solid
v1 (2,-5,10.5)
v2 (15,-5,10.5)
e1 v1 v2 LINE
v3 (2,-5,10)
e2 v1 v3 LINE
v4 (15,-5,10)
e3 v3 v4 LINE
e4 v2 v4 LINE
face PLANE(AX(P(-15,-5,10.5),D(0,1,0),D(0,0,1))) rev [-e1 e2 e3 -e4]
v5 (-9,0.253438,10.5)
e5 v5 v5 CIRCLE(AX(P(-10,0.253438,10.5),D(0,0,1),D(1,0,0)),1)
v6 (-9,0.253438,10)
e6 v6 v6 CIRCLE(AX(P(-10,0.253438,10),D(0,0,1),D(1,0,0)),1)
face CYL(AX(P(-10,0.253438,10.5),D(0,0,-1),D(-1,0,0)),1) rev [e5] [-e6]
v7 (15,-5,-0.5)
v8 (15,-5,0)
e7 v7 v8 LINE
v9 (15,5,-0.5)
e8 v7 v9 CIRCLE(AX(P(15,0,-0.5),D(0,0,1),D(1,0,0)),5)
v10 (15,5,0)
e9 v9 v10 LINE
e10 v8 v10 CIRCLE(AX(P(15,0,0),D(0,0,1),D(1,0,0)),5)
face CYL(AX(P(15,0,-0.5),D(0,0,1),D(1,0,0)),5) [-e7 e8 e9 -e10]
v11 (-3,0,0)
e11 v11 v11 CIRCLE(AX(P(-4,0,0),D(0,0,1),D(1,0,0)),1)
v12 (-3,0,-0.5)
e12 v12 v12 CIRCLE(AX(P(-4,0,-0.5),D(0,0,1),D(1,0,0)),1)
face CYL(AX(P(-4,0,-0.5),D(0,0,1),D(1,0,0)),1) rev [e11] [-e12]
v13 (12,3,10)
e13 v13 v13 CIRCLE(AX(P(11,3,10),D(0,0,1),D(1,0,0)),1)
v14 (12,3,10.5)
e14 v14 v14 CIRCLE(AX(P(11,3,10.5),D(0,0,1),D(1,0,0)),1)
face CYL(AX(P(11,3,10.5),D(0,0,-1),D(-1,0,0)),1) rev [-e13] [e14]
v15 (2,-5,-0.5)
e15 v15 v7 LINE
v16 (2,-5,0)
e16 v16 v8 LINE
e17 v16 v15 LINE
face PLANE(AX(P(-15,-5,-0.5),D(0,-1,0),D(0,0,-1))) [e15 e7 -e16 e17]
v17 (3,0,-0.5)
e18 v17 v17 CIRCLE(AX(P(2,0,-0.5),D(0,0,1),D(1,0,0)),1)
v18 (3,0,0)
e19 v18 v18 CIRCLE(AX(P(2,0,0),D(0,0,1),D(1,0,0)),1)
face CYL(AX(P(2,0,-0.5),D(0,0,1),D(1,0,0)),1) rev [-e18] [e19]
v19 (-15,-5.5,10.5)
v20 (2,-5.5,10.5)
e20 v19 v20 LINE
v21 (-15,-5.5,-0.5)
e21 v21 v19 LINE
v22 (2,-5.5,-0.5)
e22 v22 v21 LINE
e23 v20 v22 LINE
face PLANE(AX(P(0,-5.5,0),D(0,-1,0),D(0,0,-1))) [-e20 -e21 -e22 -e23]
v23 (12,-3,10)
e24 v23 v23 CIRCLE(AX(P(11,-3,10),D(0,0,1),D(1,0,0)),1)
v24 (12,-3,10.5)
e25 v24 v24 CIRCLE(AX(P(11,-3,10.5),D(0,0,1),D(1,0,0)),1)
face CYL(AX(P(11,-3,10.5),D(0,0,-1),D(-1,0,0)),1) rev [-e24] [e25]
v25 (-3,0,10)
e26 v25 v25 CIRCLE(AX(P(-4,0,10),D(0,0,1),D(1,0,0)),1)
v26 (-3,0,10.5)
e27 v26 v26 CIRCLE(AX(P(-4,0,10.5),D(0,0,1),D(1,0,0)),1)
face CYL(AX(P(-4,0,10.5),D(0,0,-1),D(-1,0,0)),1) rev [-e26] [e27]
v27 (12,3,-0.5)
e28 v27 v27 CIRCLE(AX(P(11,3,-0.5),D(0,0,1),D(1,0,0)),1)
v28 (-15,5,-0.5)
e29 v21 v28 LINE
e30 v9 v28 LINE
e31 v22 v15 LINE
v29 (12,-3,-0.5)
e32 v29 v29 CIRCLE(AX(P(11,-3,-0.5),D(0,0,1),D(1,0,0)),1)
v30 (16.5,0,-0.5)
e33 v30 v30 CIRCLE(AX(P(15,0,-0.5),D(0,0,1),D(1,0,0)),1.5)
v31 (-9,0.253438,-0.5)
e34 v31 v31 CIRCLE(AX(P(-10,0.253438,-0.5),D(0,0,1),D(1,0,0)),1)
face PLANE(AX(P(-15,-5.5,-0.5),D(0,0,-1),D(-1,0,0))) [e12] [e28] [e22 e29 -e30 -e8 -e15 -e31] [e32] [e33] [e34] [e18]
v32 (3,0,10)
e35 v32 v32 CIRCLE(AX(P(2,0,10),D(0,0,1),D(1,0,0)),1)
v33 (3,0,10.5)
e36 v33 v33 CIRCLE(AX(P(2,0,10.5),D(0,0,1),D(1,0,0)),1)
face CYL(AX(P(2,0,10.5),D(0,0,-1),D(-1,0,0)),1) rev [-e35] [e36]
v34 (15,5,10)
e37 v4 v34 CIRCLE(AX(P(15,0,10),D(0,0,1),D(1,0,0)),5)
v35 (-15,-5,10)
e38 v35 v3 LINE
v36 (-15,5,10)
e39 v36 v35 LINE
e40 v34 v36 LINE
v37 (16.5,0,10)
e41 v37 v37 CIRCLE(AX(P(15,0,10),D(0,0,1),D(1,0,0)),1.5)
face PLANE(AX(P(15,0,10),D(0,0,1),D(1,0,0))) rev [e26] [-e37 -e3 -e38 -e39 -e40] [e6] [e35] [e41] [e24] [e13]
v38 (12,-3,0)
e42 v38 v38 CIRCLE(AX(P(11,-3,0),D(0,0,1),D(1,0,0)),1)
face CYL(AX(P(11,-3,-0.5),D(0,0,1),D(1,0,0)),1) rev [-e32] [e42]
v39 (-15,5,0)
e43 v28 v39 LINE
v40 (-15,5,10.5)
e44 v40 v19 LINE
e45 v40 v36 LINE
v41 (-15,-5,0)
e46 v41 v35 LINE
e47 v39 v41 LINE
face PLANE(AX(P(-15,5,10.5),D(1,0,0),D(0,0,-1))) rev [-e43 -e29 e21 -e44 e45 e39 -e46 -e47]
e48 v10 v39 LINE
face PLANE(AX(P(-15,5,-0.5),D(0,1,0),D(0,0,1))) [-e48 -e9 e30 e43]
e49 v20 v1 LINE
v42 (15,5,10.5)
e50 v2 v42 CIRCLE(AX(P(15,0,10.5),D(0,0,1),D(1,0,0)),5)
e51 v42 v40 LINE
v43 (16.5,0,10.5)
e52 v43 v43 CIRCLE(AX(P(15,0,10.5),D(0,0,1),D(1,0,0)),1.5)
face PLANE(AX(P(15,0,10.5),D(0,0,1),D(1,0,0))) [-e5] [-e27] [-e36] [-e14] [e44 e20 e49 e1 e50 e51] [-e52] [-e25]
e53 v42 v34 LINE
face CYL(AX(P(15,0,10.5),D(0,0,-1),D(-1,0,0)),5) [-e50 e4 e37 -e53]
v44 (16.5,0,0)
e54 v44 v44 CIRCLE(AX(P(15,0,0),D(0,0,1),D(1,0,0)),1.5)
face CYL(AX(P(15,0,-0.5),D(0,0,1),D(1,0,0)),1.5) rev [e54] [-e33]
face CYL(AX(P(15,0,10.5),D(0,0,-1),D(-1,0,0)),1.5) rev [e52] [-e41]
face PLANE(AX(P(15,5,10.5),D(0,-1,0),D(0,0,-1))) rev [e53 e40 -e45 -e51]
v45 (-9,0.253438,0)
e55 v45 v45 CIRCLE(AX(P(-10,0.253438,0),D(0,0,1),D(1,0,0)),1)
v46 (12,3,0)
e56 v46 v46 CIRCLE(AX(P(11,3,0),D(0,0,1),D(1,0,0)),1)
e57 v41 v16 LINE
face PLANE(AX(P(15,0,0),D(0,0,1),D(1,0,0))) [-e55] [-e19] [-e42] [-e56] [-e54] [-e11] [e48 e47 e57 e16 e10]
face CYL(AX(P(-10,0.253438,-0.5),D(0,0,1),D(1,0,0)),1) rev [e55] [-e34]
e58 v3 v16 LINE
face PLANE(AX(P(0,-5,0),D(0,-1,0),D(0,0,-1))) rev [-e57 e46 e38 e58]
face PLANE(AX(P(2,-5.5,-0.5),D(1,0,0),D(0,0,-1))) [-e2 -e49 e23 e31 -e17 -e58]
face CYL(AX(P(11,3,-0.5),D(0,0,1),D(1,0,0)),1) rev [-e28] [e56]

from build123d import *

# Parameters (mm, degrees)
SKETCH_2_R      = 1.5
SKETCH_2_R_2    = 1
EXTRUDE_1_DEPTH = 0.5
SKETCH_1_R      = 1.5
SKETCH_1_R_2    = 1
EXTRUDE_2_DEPTH = 0.5
SKETCH_4_W      = 17
SKETCH_4_H      = 11
EXTRUDE_4_DEPTH = 0.5


with BuildPart() as part:
    # 草图2 → 凸台-拉伸1 (new body)
    with BuildSketch(Plane.XY.offset(10)):
        with BuildLine():
            Line((15, 5), (-15, 5))
            Line((-15, 5), (-15, -5))
            Line((-15, -5), (15, -5))
            ThreePointArc((15, -5), (20, 0), (15, 5))
        make_face()
        with Locations((15, 0)):
            Circle(SKETCH_2_R, mode=Mode.SUBTRACT)
        with Locations((11, -3)):
            Circle(SKETCH_2_R_2, mode=Mode.SUBTRACT)
        with Locations((11, 3)):
            Circle(SKETCH_2_R_2, mode=Mode.SUBTRACT)
        with Locations((2, 0)):
            Circle(SKETCH_2_R_2, mode=Mode.SUBTRACT)
        with Locations((-4, 0)):
            Circle(SKETCH_2_R_2, mode=Mode.SUBTRACT)
        with Locations((-10, 0.253438211)):
            Circle(SKETCH_2_R_2, mode=Mode.SUBTRACT)
    extrude(amount=EXTRUDE_1_DEPTH)



with BuildPart() as body_2:
    # 草图1 → 凸台-拉伸2 (new body)
    with BuildSketch(Plane.XY):
        with BuildLine():
            Line((-15, 5), (15, 5))
            ThreePointArc((15, 5), (20, 0), (15, -5))
            Line((15, -5), (-15, -5))
            Line((-15, -5), (-15, 5))
        make_face()
        with Locations((15, 0)):
            Circle(SKETCH_1_R, mode=Mode.SUBTRACT)
        with Locations((-10, 0.253438211)):
            Circle(SKETCH_1_R_2, mode=Mode.SUBTRACT)
        with Locations((-4, 0)):
            Circle(SKETCH_1_R_2, mode=Mode.SUBTRACT)
        with Locations((2, 0)):
            Circle(SKETCH_1_R_2, mode=Mode.SUBTRACT)
        with Locations((11, 3)):
            Circle(SKETCH_1_R_2, mode=Mode.SUBTRACT)
        with Locations((11, -3)):
            Circle(SKETCH_1_R_2, mode=Mode.SUBTRACT)
    extrude(amount=-EXTRUDE_2_DEPTH)


with BuildPart() as part_1:
    add(part.part)

    add(body_2.part)  # 凸台-拉伸4 merges body 2
    # 草图4 → 凸台-拉伸4 (add)
    with BuildSketch(Plane(origin=(0, -5, 0), x_dir=(1, 0, 0), z_dir=(0, 1, 0))):
        with Locations((-6.5, -5)):
            Rectangle(SKETCH_4_W, SKETCH_4_H)
    extrude(amount=-EXTRUDE_4_DEPTH)


solid = part_1.part
